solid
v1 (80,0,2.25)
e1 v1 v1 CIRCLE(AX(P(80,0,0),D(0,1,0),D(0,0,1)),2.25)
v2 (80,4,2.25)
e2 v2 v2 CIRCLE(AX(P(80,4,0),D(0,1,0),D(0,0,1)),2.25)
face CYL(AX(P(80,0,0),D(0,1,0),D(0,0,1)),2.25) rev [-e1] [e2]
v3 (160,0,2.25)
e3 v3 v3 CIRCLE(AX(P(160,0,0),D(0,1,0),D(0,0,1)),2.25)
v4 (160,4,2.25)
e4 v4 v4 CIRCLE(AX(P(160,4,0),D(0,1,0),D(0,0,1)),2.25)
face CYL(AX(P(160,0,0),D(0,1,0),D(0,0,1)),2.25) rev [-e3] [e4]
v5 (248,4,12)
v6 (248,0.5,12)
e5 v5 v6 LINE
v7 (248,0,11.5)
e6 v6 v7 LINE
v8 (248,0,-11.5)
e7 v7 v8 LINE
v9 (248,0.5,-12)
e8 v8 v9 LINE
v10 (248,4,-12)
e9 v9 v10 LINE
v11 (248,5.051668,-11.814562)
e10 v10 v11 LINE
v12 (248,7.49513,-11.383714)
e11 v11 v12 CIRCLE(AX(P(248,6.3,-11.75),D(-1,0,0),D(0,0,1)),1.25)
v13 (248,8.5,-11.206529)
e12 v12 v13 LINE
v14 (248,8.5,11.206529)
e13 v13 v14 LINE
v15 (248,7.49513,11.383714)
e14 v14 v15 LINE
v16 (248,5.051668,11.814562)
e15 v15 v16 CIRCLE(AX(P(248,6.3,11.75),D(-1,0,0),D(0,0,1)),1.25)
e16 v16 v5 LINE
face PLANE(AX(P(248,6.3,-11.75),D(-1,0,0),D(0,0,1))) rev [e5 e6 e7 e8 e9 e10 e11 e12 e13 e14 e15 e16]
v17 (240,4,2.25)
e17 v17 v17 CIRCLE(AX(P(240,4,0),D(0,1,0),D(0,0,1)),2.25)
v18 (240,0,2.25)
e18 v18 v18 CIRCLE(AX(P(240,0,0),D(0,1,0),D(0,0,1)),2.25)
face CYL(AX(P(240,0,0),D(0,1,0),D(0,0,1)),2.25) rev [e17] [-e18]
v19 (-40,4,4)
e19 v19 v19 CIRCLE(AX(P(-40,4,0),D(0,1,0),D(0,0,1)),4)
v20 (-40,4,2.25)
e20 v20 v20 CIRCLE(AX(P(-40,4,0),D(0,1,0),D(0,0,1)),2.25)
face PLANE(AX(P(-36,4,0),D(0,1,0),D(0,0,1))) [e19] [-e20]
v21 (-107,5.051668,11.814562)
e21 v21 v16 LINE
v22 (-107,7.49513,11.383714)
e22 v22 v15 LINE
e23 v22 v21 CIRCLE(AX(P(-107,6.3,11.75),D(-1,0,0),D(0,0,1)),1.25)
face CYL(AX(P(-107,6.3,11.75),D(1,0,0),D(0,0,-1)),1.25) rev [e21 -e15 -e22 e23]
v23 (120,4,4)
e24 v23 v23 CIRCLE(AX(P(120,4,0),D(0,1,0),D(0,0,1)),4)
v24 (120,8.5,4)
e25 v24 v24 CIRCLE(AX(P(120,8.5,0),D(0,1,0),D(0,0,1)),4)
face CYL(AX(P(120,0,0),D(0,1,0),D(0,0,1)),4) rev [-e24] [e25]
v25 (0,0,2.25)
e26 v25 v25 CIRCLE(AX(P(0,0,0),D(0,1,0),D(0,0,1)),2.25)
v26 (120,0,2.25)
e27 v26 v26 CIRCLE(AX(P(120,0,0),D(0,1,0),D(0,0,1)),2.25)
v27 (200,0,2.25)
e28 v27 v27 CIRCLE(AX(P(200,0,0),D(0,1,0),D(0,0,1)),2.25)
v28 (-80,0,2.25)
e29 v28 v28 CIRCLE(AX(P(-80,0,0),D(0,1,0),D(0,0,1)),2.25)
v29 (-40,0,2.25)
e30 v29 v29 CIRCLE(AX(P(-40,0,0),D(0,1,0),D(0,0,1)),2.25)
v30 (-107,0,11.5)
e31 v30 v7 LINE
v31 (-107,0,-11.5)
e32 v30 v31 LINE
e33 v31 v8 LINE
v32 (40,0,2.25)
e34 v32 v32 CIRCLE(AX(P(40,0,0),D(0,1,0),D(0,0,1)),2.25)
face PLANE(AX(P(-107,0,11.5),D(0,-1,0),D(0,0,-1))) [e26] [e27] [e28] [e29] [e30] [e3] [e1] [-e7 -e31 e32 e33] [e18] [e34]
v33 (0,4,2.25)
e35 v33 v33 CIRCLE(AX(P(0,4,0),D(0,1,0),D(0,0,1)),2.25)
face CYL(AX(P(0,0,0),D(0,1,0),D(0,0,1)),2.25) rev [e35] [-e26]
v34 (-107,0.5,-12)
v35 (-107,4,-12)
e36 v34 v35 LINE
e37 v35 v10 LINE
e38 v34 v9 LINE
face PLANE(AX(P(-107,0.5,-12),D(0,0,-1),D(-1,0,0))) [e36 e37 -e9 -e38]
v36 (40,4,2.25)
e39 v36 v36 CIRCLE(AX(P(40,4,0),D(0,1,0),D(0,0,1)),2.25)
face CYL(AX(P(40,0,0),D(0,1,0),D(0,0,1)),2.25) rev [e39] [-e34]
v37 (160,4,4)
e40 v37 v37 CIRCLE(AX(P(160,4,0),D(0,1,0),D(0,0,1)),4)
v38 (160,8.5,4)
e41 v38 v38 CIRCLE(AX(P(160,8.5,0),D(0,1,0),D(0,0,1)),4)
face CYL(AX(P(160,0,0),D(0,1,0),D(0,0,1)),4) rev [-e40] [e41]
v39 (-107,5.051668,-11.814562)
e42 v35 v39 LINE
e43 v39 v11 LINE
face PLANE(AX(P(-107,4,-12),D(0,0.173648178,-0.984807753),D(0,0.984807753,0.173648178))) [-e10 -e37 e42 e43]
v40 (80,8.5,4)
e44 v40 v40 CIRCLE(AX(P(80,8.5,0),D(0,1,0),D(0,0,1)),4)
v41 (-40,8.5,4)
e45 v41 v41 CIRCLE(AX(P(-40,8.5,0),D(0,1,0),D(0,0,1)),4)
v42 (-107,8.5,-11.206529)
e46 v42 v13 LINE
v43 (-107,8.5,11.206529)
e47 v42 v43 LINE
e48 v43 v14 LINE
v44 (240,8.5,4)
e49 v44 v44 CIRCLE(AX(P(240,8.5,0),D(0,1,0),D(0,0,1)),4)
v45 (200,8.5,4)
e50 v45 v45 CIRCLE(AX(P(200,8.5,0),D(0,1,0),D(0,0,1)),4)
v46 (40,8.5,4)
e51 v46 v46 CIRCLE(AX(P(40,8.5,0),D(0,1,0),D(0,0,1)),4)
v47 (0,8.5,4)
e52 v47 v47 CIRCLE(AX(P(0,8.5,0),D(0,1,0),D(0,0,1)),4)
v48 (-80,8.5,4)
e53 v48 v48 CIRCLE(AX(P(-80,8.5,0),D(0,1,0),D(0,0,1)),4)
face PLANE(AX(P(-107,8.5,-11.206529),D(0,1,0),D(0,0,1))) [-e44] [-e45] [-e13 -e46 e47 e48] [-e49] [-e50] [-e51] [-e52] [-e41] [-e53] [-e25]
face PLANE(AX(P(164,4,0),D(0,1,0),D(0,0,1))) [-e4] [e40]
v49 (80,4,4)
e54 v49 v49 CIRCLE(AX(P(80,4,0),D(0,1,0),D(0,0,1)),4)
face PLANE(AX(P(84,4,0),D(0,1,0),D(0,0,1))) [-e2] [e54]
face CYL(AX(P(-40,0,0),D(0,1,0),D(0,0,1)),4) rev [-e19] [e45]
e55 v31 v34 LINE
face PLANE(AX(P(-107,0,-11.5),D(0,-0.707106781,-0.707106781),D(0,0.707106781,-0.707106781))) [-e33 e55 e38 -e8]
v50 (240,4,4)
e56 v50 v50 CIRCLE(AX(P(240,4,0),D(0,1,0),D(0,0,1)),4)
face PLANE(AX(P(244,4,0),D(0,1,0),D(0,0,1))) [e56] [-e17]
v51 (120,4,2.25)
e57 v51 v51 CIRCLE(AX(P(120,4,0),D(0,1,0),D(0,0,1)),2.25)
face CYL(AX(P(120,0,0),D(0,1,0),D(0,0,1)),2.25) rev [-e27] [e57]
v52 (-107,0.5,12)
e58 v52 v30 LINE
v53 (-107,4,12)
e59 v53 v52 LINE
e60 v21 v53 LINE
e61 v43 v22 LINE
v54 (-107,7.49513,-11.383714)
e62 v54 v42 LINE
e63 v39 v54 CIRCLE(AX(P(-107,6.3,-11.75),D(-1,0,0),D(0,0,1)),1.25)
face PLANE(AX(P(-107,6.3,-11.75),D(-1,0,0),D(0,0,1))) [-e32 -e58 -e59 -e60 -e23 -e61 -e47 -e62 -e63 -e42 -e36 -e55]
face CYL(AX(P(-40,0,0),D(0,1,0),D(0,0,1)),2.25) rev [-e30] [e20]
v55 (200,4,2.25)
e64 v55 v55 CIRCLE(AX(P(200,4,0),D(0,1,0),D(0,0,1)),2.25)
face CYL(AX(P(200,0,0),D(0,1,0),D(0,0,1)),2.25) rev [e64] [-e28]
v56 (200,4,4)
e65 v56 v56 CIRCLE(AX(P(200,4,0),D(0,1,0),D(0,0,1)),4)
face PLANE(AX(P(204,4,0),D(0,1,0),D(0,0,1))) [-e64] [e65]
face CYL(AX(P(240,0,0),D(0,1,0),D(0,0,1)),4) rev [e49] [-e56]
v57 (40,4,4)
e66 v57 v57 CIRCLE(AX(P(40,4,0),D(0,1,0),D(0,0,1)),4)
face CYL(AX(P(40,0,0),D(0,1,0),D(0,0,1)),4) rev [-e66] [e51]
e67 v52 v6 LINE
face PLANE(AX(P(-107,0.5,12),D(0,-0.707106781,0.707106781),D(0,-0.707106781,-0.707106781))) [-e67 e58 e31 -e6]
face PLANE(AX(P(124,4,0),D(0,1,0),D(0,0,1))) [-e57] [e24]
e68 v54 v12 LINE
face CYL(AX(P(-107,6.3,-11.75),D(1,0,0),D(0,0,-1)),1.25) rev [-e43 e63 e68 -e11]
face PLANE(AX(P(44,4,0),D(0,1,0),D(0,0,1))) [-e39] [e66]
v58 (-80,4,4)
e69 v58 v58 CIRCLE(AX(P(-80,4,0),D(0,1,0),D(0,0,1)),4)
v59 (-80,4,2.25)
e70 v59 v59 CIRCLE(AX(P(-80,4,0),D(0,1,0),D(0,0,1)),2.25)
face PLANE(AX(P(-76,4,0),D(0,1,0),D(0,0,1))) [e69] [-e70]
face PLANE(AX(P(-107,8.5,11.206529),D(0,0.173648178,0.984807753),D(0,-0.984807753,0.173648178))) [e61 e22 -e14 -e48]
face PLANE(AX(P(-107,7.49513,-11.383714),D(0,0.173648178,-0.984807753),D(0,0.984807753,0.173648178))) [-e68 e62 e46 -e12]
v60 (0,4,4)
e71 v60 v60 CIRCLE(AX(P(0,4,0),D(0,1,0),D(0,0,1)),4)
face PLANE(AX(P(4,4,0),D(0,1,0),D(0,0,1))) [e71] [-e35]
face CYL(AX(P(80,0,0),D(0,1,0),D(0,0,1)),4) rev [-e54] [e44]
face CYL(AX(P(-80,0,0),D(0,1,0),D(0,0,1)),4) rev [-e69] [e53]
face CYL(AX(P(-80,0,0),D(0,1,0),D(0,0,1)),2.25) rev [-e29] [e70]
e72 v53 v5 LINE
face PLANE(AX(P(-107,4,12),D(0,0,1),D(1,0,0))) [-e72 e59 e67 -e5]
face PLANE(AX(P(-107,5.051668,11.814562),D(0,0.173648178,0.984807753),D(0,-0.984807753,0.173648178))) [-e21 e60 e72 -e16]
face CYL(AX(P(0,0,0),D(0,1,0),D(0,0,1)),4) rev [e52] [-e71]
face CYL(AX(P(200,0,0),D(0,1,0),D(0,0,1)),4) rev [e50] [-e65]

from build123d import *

# Parameters (mm, degrees)
RESSALTO_EXTRUS_O1_DEPTH      = 263
RESSALTO_EXTRUS_O1_DEPTH_BACK = 92
LPATTERN1_COUNT               = 6
LPATTERN1_PITCH               = 40
LPATTERN1_COL_COUNT           = 4
LPATTERN1_COL_PITCH           = 40


with BuildPart() as part:
    # Esboço1 → Ressalto-extrusão1 (new, two sides: drawn at the far end of the back side and taken through both)
    with BuildSketch(Plane(origin=(-15, 0, 0), x_dir=(0, 0, -1), z_dir=(1, 0, 0)).offset(-RESSALTO_EXTRUS_O1_DEPTH_BACK)):
        with BuildLine():
            Line((-12, 4), (-12, 0.5))
            Line((-12, 0.5), (-11.5, 0))
            Line((-11.5, 0), (11.5, 0))
            Line((11.5, 0), (12, 0.5))
            Line((12, 0.5), (12, 4))
            Line((12, 4), (11.814562479, 5.051668439))
            ThreePointArc((11.814562479, 5.051668439), (10.518990309, 6.082939778), (11.383714346, 7.495129625))
            Line((11.383714346, 7.495129625), (11.206528587, 8.5))
            Line((11.206528587, 8.5), (-11.206528587, 8.5))
            Line((-11.206528587, 8.5), (-11.383714346, 7.495129625))
            ThreePointArc((-11.383714346, 7.495129625), (-10.518990309, 6.082939778), (-11.814562479, 5.051668439))
            Line((-11.814562479, 5.051668439), (-12, 4))
        make_face()
    extrude(amount=RESSALTO_EXTRUS_O1_DEPTH + RESSALTO_EXTRUS_O1_DEPTH_BACK)

    # Esboço3 → Corte-Revolução2 (revolve, cut)
    with BuildSketch(Plane.XY, mode=Mode.PRIVATE) as corte_revolu_o2_sk:
        Polygon((40, 8.5), (44, 8.5), (44, 4), (42.25, 4), (42.25, 0), (40, 0), align=None)
    corte_revolu_o2 = revolve(corte_revolu_o2_sk.sketch.rotate(Axis((40, 0, 0), (0, 1, 0)), 270), axis=Axis((40, 0, 0), (0, 1, 0)), mode=Mode.SUBTRACT)

    # LPattern1: Corte-Revolução2 ×6
    with Locations(*[(i * LPATTERN1_PITCH, 0, 0) for i in range(1, LPATTERN1_COUNT)]):
        add(corte_revolu_o2, mode=Mode.SUBTRACT)

    # LPattern1 col: Corte-Revolução2 ×4
    with Locations(*[(-i * LPATTERN1_COL_PITCH, 0, 0) for i in range(1, LPATTERN1_COL_COUNT)]):
        add(corte_revolu_o2, mode=Mode.SUBTRACT)


solid = part.part
